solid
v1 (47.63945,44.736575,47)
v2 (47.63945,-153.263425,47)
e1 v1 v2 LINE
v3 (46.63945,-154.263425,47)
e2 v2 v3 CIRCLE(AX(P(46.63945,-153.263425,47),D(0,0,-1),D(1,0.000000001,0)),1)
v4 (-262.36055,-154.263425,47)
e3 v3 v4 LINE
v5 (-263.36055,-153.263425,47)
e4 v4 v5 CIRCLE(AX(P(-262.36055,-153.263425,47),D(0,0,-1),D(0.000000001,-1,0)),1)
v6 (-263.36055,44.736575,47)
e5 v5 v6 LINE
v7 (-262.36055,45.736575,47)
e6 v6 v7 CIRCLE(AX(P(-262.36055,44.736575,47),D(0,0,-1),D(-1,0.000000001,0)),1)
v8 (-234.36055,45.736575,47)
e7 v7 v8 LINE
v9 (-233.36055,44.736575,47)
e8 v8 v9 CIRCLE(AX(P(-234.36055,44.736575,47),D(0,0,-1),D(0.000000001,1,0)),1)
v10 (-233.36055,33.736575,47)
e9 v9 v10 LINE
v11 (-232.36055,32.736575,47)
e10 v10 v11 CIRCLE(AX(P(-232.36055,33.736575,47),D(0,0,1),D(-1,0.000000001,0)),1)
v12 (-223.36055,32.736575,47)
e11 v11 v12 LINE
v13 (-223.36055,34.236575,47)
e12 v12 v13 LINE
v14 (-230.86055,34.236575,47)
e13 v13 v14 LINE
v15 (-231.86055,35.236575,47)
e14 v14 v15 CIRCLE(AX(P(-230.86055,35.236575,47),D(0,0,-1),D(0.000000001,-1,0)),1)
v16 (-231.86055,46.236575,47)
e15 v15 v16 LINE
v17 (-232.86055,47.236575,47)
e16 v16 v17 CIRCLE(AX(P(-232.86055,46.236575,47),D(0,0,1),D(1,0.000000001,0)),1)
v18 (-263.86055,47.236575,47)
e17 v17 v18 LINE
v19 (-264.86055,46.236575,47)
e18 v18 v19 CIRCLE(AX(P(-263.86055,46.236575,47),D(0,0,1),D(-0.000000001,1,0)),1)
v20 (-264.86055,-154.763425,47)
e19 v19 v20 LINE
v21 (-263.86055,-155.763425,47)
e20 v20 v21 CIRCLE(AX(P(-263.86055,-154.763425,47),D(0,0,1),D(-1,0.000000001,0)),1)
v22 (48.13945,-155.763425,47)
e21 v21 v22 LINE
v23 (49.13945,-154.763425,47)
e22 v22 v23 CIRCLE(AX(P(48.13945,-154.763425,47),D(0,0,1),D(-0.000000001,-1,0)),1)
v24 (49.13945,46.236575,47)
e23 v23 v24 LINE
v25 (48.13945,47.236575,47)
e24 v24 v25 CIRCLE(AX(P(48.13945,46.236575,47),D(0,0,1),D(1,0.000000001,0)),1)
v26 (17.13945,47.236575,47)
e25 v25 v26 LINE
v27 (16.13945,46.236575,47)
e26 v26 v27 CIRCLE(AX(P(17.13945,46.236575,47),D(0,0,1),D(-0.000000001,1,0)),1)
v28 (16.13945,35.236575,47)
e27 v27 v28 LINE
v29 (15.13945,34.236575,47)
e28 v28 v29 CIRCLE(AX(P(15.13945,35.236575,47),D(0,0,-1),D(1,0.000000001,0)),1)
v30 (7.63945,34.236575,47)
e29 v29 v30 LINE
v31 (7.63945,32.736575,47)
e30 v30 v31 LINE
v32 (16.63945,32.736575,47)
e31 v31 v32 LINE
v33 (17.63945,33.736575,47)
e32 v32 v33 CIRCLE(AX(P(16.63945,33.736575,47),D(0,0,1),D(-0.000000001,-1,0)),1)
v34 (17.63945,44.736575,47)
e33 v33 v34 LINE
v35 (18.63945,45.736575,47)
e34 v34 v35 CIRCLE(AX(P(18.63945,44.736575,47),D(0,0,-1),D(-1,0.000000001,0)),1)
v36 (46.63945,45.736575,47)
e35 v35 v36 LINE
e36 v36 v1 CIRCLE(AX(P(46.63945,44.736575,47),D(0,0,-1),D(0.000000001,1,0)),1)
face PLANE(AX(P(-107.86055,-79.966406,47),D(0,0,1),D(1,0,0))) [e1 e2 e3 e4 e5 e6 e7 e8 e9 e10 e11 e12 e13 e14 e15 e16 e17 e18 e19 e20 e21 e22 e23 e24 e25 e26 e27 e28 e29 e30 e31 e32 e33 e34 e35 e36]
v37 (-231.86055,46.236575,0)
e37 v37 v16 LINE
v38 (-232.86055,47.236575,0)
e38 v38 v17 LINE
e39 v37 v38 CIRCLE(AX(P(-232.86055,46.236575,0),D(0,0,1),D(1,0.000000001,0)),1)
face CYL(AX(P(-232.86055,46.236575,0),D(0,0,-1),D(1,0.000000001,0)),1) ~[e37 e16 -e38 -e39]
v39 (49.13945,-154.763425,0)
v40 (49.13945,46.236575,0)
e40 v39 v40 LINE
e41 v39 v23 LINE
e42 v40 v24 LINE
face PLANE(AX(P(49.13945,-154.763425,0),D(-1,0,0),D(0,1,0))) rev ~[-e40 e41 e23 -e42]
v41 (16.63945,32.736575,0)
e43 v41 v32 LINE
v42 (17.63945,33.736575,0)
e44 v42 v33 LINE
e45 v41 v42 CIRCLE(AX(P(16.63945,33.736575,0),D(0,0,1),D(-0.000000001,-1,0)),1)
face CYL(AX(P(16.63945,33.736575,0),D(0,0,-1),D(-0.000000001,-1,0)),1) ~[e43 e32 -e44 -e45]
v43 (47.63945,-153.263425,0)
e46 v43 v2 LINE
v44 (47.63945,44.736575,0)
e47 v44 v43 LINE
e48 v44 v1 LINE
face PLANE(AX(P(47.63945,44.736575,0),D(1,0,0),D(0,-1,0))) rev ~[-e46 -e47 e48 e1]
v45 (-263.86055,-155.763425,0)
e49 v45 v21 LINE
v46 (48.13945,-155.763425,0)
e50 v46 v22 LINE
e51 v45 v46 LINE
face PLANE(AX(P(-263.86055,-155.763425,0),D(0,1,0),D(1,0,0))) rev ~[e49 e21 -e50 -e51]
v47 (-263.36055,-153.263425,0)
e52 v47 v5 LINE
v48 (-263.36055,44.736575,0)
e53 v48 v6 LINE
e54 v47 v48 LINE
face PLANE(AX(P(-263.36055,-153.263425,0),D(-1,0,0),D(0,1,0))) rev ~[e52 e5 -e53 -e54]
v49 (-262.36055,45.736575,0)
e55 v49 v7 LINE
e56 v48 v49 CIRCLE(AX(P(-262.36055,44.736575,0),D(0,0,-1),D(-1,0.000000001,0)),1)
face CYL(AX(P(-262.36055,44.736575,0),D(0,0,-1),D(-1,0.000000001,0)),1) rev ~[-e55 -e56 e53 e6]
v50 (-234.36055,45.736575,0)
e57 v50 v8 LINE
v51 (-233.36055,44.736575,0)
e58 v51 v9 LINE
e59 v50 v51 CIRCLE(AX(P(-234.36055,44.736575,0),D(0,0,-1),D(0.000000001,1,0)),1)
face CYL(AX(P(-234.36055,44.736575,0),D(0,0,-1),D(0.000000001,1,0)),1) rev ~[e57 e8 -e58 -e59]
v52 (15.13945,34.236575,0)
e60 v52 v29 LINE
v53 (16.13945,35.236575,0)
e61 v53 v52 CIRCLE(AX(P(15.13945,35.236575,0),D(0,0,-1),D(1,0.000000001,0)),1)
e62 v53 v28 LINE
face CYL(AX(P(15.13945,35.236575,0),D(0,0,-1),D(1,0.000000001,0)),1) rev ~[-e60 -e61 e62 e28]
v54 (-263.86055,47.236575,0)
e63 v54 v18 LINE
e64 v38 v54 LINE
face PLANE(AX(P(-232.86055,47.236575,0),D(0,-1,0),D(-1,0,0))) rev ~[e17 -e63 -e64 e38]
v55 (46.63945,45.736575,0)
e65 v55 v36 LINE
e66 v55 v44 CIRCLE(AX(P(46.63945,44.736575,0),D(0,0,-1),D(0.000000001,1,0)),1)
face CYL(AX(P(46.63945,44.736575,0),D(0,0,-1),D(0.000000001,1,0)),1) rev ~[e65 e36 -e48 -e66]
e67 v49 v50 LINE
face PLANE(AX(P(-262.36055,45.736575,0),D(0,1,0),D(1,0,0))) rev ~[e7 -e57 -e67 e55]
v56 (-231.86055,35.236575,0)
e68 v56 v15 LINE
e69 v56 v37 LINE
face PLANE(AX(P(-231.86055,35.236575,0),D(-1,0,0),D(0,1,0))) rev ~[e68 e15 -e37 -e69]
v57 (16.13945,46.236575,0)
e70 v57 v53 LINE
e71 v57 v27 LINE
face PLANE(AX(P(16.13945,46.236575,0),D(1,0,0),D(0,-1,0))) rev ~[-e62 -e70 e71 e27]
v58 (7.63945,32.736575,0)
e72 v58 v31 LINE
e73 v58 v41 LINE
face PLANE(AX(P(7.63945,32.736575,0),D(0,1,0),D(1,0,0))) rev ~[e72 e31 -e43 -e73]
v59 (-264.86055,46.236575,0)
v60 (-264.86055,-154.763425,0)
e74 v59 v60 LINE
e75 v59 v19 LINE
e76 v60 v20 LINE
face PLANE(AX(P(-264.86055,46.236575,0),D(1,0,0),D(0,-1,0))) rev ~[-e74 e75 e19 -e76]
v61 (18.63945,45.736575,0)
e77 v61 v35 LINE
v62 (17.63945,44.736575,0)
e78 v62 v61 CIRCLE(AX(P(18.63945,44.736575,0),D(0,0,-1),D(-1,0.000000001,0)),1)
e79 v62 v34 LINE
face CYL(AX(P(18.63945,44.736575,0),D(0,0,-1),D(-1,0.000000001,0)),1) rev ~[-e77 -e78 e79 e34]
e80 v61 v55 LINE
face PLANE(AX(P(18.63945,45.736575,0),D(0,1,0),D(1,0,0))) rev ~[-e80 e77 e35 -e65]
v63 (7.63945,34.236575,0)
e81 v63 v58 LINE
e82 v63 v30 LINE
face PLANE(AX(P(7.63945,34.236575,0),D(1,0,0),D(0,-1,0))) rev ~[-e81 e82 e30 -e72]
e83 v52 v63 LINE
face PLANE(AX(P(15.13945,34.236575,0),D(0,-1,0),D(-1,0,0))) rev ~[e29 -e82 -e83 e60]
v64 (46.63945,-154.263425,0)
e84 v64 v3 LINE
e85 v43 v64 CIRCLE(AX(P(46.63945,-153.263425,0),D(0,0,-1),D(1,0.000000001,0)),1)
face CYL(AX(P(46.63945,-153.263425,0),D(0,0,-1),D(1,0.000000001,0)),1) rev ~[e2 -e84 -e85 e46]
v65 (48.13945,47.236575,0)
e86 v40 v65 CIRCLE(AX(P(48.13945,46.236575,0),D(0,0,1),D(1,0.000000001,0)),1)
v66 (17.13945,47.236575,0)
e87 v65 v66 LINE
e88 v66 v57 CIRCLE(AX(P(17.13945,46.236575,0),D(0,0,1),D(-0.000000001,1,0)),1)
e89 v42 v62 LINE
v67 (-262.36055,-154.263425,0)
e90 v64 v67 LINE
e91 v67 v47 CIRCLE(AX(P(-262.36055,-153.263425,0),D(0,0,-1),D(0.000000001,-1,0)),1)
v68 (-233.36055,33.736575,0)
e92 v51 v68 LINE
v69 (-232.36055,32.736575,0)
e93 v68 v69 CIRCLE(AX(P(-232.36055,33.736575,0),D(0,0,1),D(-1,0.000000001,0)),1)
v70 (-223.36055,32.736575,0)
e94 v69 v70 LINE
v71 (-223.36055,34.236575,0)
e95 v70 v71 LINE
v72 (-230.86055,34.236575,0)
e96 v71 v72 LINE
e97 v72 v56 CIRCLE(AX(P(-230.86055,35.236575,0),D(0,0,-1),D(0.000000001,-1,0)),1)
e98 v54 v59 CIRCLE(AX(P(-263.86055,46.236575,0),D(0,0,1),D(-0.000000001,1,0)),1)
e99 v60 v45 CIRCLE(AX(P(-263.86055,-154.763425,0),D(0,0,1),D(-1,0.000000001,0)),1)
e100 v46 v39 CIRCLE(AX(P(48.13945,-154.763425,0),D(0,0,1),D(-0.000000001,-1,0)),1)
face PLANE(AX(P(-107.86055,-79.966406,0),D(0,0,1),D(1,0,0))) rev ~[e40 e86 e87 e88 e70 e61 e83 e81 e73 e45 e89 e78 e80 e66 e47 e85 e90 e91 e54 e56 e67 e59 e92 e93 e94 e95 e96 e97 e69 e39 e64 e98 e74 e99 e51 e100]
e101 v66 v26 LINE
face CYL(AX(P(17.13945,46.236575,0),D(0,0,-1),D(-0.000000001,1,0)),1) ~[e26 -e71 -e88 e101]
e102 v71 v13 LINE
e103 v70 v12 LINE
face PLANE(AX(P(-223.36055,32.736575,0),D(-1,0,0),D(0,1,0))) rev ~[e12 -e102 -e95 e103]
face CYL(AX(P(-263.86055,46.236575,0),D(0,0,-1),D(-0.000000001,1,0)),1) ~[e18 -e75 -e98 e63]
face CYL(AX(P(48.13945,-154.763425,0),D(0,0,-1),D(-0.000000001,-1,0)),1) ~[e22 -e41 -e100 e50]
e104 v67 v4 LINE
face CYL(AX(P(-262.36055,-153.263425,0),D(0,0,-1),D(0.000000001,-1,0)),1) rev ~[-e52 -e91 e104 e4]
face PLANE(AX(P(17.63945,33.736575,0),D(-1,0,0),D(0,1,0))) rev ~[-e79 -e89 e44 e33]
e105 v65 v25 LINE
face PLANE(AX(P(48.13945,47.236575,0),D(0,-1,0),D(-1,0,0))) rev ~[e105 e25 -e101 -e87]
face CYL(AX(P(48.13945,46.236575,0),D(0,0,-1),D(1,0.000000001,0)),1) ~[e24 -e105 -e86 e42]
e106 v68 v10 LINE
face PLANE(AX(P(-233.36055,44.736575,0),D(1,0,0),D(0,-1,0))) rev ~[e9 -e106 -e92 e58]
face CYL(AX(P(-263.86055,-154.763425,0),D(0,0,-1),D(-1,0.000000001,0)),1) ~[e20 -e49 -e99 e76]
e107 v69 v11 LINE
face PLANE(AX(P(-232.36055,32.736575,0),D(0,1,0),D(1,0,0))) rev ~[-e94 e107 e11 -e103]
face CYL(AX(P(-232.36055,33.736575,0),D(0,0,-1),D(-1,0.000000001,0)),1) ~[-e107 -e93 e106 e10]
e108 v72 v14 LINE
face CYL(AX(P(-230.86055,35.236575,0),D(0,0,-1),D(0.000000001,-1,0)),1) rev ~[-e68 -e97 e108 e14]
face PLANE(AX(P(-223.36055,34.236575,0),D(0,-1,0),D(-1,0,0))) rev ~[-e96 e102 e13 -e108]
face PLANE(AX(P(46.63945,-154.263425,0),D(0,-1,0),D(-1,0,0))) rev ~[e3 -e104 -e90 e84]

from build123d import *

# Parameters (mm, degrees)
EXTRUDE_1_DEPTH = 47


with BuildPart() as part:
    # 草图1 → 凸台-拉伸1 (new body)
    with BuildSketch(Plane.XY):
        with BuildLine():
            Line((18.639450369, 45.736574885), (46.639450369, 45.736574885))
            ThreePointArc((46.639450369, 45.736574885), (47.34655715, 45.443681666), (47.639450369, 44.736574885))
            Line((47.639450369, 44.736574885), (47.639450369, -153.263425115))
            ThreePointArc((47.639450369, -153.263425115), (47.34655715, -153.970531897), (46.639450369, -154.263425115))
            Line((46.639450369, -154.263425115), (-262.360549631, -154.263425115))
            ThreePointArc((-262.360549631, -154.263425115), (-263.067656412, -153.970531897), (-263.360549631, -153.263425115))
            Line((-263.360549631, -153.263425115), (-263.360549631, 44.736574885))
            ThreePointArc((-263.360549631, 44.736574885), (-263.067656412, 45.443681666), (-262.360549631, 45.736574885))
            Line((-262.360549631, 45.736574885), (-234.360549631, 45.736574885))
            ThreePointArc((-234.360549631, 45.736574885), (-233.65344285, 45.443681666), (-233.360549631, 44.736574885))
            Line((-233.360549631, 44.736574885), (-233.360549631, 33.736574885))
            ThreePointArc((-233.360549631, 33.736574885), (-233.067656412, 33.029468103), (-232.360549631, 32.736574885))
            Line((-232.360549631, 32.736574885), (-223.360549631, 32.736574885))
            Line((-223.360549631, 32.736574885), (-223.360549631, 34.236574885))
            Line((-223.360549631, 34.236574885), (-230.860549631, 34.236574885))
            ThreePointArc((-230.860549631, 34.236574885), (-231.567656412, 34.529468103), (-231.860549631, 35.236574885))
            Line((-231.860549631, 35.236574885), (-231.860549631, 46.236574885))
            ThreePointArc((-231.860549631, 46.236574885), (-232.15344285, 46.943681666), (-232.860549631, 47.236574885))
            Line((-232.860549631, 47.236574885), (-263.860549631, 47.236574885))
            ThreePointArc((-263.860549631, 47.236574885), (-264.567656412, 46.943681666), (-264.860549631, 46.236574885))
            Line((-264.860549631, 46.236574885), (-264.860549631, -154.763425115))
            ThreePointArc((-264.860549631, -154.763425115), (-264.567656412, -155.470531897), (-263.860549631, -155.763425115))
            Line((-263.860549631, -155.763425115), (48.139450369, -155.763425115))
            ThreePointArc((48.139450369, -155.763425115), (48.84655715, -155.470531897), (49.139450369, -154.763425115))
            Line((49.139450369, -154.763425115), (49.139450369, 46.236574885))
            ThreePointArc((49.139450369, 46.236574885), (48.84655715, 46.943681666), (48.139450369, 47.236574885))
            Line((48.139450369, 47.236574885), (17.139450369, 47.236574885))
            ThreePointArc((17.139450369, 47.236574885), (16.432343588, 46.943681666), (16.139450369, 46.236574885))
            Line((16.139450369, 46.236574885), (16.139450369, 35.236574885))
            ThreePointArc((16.139450369, 35.236574885), (15.84655715, 34.529468103), (15.139450369, 34.236574885))
            Line((15.139450369, 34.236574885), (7.639450369, 34.236574885))
            Line((7.639450369, 34.236574885), (7.639450369, 32.736574885))
            Line((7.639450369, 32.736574885), (16.639450369, 32.736574885))
            ThreePointArc((16.639450369, 32.736574885), (17.34655715, 33.029468103), (17.639450369, 33.736574885))
            Line((17.639450369, 33.736574885), (17.639450369, 44.736574885))
            ThreePointArc((17.639450369, 44.736574885), (17.932343588, 45.443681666), (18.639450369, 45.736574885))
        make_face()
    extrude(amount=EXTRUDE_1_DEPTH)


solid = part.part
